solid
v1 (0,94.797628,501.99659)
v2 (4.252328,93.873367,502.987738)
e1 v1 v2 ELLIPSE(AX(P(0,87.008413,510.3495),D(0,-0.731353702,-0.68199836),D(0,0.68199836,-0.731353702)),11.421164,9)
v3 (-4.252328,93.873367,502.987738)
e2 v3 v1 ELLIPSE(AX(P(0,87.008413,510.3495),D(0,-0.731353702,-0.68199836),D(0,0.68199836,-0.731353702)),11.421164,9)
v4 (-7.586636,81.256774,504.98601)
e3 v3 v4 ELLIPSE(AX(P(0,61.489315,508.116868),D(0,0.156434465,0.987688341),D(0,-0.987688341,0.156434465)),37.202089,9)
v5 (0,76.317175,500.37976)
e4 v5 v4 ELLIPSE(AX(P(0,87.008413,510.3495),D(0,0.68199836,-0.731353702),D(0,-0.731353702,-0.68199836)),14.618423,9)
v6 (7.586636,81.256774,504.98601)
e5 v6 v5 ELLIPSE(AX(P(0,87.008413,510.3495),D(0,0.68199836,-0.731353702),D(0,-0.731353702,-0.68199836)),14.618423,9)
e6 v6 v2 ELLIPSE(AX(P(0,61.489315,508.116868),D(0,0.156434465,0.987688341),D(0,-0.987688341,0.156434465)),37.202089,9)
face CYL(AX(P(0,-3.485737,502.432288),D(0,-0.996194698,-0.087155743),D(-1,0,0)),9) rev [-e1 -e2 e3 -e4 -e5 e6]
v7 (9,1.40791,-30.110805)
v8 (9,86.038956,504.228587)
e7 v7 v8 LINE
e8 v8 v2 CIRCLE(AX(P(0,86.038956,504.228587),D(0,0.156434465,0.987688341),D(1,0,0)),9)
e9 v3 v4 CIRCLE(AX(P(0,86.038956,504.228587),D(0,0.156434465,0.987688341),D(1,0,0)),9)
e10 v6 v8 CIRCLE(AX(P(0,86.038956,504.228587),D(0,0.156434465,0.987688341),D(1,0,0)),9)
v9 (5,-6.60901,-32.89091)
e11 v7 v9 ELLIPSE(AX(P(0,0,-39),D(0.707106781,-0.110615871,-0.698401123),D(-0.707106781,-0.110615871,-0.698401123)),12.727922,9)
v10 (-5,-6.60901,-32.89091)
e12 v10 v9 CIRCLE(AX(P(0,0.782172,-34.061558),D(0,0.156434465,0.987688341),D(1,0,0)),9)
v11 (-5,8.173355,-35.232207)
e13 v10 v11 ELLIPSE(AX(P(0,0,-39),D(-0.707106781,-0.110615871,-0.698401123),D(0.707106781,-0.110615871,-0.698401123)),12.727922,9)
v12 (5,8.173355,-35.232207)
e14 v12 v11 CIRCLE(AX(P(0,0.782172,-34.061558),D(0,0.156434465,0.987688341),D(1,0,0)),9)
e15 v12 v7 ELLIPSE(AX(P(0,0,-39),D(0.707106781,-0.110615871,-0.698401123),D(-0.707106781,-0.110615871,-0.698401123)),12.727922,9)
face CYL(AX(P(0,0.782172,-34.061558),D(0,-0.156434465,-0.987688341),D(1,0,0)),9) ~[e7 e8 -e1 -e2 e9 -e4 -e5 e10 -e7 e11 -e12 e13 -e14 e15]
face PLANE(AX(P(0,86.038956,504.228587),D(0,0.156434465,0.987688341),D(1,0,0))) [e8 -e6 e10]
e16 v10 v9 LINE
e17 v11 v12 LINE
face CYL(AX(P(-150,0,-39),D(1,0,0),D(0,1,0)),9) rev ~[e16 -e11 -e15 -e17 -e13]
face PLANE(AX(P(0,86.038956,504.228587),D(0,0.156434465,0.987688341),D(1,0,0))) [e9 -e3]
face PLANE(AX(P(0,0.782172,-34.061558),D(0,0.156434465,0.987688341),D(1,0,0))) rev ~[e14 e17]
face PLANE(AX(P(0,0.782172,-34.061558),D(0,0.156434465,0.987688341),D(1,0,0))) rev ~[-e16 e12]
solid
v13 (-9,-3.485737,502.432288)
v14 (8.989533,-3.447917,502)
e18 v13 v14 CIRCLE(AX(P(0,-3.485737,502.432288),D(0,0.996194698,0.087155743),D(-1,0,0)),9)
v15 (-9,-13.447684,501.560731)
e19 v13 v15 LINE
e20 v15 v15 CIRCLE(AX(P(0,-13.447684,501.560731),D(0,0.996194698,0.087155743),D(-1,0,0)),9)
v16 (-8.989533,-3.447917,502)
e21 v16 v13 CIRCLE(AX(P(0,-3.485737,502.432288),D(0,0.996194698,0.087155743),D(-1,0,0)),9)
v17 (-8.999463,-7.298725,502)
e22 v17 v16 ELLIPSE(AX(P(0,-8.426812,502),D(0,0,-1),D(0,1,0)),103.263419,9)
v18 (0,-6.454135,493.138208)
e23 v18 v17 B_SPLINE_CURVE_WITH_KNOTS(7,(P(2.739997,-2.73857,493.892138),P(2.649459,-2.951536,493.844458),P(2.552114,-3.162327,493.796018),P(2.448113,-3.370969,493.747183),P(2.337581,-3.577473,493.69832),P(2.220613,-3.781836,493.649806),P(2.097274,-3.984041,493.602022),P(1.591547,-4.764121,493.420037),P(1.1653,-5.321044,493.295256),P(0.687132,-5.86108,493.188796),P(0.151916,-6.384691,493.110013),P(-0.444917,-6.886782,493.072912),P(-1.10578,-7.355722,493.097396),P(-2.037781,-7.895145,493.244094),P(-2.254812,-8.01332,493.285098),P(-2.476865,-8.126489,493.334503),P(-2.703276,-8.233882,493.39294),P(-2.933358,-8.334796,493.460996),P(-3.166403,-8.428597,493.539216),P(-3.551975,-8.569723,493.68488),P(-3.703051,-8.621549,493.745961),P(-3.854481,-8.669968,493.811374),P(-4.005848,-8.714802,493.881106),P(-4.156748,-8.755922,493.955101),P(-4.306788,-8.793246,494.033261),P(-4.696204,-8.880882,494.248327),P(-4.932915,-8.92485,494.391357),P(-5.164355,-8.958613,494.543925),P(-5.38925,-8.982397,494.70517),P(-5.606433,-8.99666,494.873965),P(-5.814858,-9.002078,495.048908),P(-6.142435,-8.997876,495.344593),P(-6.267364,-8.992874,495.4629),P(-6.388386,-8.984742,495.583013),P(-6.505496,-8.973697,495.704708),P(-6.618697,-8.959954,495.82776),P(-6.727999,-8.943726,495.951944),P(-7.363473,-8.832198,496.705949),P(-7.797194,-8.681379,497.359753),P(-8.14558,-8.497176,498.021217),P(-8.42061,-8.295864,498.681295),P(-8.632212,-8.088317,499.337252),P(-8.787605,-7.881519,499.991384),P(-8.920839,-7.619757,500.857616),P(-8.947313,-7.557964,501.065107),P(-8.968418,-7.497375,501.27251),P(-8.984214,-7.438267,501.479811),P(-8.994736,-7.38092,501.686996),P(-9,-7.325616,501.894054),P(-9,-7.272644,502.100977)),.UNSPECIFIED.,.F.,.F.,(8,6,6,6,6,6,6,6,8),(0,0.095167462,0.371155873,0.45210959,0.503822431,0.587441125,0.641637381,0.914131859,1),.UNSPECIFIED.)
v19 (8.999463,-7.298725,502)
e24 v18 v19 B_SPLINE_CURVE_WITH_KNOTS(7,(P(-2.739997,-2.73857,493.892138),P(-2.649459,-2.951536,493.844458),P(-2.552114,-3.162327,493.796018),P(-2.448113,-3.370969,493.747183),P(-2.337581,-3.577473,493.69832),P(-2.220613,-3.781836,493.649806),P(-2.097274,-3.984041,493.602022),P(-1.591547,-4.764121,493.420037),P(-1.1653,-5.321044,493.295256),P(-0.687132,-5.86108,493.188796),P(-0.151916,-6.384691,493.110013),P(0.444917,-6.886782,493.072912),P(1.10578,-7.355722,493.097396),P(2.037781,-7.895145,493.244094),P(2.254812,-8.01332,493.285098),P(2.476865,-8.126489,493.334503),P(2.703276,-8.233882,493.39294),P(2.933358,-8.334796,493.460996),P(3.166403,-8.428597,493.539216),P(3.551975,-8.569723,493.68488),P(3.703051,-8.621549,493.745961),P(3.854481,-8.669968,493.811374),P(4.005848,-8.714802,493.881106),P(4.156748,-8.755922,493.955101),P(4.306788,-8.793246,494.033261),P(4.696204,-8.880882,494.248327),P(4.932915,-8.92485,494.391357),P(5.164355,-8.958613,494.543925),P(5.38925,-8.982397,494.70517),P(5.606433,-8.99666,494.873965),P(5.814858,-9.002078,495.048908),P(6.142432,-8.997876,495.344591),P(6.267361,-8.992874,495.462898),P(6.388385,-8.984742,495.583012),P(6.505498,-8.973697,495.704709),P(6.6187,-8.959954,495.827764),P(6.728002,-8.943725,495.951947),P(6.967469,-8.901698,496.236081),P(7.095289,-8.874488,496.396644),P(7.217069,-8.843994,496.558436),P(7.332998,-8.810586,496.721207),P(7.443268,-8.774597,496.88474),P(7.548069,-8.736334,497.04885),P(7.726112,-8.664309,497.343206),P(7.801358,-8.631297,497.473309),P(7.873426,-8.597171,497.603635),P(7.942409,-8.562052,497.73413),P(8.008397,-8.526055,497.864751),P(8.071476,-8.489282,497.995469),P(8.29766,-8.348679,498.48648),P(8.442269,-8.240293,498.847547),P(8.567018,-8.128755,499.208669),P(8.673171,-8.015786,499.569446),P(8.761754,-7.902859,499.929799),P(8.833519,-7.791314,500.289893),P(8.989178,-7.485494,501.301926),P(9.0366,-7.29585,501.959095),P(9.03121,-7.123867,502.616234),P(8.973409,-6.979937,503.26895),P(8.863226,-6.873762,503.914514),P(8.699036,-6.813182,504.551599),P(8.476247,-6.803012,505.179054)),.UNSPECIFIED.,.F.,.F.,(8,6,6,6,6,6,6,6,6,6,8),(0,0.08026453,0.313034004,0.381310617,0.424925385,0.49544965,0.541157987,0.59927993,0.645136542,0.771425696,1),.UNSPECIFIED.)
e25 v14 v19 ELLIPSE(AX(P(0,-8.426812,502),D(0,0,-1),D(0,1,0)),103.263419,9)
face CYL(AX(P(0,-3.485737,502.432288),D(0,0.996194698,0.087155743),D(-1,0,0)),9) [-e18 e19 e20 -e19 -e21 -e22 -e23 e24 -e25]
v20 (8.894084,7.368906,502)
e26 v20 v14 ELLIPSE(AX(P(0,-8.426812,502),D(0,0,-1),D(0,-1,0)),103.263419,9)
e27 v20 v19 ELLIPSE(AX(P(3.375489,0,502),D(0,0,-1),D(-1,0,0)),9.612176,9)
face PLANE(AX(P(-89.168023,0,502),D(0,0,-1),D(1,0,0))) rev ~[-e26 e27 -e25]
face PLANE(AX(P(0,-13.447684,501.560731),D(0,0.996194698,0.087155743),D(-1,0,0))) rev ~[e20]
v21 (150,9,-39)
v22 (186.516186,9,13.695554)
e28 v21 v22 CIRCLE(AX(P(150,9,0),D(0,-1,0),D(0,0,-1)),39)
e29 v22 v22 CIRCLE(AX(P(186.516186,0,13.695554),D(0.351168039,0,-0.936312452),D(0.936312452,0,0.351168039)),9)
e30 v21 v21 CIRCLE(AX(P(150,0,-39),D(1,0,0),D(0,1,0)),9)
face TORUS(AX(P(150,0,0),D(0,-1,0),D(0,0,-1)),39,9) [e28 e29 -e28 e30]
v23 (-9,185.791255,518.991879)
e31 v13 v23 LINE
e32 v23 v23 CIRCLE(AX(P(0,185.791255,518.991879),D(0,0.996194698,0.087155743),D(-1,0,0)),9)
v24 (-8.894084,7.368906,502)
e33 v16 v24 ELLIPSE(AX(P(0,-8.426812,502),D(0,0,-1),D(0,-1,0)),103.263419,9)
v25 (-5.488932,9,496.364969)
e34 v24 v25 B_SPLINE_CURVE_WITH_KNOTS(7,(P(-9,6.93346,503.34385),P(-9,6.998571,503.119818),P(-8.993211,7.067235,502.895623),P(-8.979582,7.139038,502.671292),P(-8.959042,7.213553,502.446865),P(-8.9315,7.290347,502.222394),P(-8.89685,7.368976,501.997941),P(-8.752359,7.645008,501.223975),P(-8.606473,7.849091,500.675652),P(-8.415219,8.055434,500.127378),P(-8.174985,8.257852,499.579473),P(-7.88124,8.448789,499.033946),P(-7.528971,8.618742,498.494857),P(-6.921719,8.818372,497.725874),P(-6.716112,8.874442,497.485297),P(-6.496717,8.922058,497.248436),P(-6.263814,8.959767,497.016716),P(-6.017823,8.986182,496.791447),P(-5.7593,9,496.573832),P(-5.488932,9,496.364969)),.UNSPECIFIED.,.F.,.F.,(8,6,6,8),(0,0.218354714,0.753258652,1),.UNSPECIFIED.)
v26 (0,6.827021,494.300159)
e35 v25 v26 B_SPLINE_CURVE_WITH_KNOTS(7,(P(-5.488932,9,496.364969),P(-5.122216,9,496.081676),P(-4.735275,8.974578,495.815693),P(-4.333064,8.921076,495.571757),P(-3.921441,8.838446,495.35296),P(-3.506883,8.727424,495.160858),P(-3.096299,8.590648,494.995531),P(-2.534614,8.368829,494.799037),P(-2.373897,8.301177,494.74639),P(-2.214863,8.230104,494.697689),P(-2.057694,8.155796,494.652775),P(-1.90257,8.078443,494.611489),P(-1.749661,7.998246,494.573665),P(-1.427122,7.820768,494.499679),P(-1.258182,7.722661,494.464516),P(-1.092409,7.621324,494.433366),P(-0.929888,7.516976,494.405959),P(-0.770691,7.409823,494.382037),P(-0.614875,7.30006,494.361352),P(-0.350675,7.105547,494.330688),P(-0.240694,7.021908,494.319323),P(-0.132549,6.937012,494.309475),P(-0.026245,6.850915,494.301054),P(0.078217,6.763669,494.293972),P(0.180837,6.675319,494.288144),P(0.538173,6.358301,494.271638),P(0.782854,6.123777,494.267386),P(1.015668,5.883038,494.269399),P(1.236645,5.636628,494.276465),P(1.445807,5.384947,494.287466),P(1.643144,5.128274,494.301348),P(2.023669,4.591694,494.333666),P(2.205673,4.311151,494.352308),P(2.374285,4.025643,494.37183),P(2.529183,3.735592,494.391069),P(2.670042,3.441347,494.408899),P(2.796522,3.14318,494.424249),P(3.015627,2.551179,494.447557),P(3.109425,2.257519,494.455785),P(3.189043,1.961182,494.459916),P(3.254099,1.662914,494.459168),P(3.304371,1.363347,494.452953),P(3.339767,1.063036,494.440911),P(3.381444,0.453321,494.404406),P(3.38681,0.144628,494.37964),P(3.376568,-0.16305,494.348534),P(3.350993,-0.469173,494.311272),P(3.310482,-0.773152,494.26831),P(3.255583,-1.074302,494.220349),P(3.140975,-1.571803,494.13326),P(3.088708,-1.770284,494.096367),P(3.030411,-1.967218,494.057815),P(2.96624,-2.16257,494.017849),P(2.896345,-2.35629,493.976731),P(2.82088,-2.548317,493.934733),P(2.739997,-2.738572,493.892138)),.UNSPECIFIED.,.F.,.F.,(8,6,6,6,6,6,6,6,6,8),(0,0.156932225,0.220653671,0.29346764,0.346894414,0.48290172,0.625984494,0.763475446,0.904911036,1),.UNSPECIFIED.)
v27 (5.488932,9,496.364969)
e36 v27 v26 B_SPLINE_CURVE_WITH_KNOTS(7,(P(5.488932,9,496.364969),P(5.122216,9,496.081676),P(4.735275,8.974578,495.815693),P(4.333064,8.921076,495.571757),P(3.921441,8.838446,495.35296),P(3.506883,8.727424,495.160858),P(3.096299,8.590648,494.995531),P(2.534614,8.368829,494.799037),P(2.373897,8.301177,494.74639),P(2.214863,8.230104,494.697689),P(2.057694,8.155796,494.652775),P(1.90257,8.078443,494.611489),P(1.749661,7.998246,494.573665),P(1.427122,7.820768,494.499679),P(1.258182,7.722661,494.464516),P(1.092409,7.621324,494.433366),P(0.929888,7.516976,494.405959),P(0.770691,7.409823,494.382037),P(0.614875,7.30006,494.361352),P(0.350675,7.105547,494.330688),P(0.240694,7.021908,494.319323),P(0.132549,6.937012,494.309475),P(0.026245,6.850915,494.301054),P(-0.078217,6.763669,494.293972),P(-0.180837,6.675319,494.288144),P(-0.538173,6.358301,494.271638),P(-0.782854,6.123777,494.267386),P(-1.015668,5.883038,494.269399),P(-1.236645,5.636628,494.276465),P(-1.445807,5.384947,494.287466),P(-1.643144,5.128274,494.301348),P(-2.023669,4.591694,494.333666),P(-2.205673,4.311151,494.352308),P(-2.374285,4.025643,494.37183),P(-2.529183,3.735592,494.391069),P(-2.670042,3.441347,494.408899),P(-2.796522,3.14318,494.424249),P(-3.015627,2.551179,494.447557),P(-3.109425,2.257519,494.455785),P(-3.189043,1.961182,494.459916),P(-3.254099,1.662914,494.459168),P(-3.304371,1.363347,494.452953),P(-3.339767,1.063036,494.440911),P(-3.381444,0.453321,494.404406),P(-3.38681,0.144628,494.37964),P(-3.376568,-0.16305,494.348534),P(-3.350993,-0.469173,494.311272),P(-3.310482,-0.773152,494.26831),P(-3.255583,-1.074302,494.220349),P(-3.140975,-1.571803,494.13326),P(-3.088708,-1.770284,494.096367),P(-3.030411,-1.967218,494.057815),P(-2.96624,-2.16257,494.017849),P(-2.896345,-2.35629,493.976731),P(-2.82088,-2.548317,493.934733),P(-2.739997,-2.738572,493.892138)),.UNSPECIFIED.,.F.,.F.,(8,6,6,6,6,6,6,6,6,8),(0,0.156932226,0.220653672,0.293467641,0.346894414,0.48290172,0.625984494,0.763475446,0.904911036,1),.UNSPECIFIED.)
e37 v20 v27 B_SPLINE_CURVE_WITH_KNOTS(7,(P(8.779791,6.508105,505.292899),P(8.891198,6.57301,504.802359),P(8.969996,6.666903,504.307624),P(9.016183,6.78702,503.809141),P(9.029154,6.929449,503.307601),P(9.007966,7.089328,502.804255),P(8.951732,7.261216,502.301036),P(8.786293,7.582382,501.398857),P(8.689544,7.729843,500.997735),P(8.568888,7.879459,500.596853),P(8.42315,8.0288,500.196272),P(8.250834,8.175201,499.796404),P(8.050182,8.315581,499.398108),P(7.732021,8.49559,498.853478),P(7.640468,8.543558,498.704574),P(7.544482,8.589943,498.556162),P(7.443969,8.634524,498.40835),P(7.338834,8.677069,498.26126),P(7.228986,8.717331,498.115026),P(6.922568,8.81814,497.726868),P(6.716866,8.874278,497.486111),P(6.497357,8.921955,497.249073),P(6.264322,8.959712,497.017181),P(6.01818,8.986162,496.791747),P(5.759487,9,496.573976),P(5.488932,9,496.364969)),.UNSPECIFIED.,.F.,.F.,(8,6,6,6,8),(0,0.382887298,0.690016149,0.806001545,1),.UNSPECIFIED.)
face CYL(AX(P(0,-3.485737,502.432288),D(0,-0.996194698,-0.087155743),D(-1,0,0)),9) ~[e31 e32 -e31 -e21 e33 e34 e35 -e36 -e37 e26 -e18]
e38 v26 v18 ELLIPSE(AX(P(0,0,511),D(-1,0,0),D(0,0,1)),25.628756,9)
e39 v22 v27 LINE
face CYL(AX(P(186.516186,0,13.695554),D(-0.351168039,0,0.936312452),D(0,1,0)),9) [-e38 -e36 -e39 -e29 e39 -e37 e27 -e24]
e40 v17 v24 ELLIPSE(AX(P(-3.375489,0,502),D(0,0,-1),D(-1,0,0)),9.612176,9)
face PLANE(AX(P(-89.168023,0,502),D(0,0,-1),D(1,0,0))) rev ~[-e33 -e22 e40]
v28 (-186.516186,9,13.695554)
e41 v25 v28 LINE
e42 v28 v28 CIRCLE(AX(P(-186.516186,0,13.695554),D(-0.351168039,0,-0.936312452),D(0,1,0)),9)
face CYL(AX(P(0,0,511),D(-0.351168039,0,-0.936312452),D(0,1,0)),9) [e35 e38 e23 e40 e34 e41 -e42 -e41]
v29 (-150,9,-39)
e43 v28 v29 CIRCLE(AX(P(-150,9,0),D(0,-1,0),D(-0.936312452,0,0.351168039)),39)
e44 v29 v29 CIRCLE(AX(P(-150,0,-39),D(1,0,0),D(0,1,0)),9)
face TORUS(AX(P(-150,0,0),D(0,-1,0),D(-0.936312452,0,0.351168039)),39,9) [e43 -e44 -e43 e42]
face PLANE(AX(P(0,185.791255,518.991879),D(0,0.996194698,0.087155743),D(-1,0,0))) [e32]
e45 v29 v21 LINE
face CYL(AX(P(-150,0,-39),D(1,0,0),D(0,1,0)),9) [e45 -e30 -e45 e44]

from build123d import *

# Parameters (mm, degrees)
F3_R           = 9
F7_W           = 211.4251245066
F7_H           = 70.145696709
F8_DEPTH       = 12.5
F9_R           = 9
F10_DEPTH      = 190
F10_DEPTH_BACK = 10
F16_START      = 5
F15_R          = 9
F16_DEPTH      = 545


with BuildPart() as f4:
    # F4: sweep along a path in F1
    with BuildLine(Plane.XZ) as f4_path:
        Line((-150, -39), (150, -39))
        ThreePointArc((150, -39), (182.0556281104, -22.2134352689), (186.5161856429, 13.6955535155))
        Line((186.5161856429, 13.6955535155), (0, 511))
        Line((0, 511), (-186.5161856429, 13.6955535155))
        ThreePointArc((-186.5161856429, 13.6955535155), (-182.0556281104, -22.2134352689), (-150, -39))
    # F3 (on line) → F4 (sweep)
    with BuildSketch(Plane.YZ.offset(150)):
        with Locations((0, -39)):
            Circle(F3_R)
    sweep(path=f4_path.line, transition=Transition.RIGHT)

    # F7 (on Front) → F8 (cut, symmetric)
    with BuildSketch(Plane.XZ):
        with Locations((16.5445394814, 537.0728483545)):
            Rectangle(F7_W, F7_H)
    extrude(amount=F8_DEPTH, both=True, mode=Mode.SUBTRACT)

    # F9 (on face) → F10 (join, two sides)
    with BuildSketch(Plane(origin=(0, 40.1639663204, 3.5138917353), x_dir=(-1, 0, 0), z_dir=(0, 0.9961946981, 0.0871557427))) as f10_sk:
        with Locations((0, 500.8241835071)):
            Circle(F9_R)
    extrude(amount=F10_DEPTH)
    extrude(f10_sk.sketch, amount=-F10_DEPTH_BACK)


with BuildPart() as f16:
    # F15 (on line) → F16 (new body)
    with BuildSketch(Plane(origin=(0, -6.0258313903, -38.0456020678), x_dir=(1, 0, 0), z_dir=(0, 0.156434465, 0.9876883406)).offset(F16_START)):
        with Locations((0, 6.1009441366)):
            Circle(F15_R)
    extrude(amount=F16_DEPTH)

    # F17: cut F4
    add(f4.part, mode=Mode.SUBTRACT)


solid = Compound([f4.part, f16.part])
